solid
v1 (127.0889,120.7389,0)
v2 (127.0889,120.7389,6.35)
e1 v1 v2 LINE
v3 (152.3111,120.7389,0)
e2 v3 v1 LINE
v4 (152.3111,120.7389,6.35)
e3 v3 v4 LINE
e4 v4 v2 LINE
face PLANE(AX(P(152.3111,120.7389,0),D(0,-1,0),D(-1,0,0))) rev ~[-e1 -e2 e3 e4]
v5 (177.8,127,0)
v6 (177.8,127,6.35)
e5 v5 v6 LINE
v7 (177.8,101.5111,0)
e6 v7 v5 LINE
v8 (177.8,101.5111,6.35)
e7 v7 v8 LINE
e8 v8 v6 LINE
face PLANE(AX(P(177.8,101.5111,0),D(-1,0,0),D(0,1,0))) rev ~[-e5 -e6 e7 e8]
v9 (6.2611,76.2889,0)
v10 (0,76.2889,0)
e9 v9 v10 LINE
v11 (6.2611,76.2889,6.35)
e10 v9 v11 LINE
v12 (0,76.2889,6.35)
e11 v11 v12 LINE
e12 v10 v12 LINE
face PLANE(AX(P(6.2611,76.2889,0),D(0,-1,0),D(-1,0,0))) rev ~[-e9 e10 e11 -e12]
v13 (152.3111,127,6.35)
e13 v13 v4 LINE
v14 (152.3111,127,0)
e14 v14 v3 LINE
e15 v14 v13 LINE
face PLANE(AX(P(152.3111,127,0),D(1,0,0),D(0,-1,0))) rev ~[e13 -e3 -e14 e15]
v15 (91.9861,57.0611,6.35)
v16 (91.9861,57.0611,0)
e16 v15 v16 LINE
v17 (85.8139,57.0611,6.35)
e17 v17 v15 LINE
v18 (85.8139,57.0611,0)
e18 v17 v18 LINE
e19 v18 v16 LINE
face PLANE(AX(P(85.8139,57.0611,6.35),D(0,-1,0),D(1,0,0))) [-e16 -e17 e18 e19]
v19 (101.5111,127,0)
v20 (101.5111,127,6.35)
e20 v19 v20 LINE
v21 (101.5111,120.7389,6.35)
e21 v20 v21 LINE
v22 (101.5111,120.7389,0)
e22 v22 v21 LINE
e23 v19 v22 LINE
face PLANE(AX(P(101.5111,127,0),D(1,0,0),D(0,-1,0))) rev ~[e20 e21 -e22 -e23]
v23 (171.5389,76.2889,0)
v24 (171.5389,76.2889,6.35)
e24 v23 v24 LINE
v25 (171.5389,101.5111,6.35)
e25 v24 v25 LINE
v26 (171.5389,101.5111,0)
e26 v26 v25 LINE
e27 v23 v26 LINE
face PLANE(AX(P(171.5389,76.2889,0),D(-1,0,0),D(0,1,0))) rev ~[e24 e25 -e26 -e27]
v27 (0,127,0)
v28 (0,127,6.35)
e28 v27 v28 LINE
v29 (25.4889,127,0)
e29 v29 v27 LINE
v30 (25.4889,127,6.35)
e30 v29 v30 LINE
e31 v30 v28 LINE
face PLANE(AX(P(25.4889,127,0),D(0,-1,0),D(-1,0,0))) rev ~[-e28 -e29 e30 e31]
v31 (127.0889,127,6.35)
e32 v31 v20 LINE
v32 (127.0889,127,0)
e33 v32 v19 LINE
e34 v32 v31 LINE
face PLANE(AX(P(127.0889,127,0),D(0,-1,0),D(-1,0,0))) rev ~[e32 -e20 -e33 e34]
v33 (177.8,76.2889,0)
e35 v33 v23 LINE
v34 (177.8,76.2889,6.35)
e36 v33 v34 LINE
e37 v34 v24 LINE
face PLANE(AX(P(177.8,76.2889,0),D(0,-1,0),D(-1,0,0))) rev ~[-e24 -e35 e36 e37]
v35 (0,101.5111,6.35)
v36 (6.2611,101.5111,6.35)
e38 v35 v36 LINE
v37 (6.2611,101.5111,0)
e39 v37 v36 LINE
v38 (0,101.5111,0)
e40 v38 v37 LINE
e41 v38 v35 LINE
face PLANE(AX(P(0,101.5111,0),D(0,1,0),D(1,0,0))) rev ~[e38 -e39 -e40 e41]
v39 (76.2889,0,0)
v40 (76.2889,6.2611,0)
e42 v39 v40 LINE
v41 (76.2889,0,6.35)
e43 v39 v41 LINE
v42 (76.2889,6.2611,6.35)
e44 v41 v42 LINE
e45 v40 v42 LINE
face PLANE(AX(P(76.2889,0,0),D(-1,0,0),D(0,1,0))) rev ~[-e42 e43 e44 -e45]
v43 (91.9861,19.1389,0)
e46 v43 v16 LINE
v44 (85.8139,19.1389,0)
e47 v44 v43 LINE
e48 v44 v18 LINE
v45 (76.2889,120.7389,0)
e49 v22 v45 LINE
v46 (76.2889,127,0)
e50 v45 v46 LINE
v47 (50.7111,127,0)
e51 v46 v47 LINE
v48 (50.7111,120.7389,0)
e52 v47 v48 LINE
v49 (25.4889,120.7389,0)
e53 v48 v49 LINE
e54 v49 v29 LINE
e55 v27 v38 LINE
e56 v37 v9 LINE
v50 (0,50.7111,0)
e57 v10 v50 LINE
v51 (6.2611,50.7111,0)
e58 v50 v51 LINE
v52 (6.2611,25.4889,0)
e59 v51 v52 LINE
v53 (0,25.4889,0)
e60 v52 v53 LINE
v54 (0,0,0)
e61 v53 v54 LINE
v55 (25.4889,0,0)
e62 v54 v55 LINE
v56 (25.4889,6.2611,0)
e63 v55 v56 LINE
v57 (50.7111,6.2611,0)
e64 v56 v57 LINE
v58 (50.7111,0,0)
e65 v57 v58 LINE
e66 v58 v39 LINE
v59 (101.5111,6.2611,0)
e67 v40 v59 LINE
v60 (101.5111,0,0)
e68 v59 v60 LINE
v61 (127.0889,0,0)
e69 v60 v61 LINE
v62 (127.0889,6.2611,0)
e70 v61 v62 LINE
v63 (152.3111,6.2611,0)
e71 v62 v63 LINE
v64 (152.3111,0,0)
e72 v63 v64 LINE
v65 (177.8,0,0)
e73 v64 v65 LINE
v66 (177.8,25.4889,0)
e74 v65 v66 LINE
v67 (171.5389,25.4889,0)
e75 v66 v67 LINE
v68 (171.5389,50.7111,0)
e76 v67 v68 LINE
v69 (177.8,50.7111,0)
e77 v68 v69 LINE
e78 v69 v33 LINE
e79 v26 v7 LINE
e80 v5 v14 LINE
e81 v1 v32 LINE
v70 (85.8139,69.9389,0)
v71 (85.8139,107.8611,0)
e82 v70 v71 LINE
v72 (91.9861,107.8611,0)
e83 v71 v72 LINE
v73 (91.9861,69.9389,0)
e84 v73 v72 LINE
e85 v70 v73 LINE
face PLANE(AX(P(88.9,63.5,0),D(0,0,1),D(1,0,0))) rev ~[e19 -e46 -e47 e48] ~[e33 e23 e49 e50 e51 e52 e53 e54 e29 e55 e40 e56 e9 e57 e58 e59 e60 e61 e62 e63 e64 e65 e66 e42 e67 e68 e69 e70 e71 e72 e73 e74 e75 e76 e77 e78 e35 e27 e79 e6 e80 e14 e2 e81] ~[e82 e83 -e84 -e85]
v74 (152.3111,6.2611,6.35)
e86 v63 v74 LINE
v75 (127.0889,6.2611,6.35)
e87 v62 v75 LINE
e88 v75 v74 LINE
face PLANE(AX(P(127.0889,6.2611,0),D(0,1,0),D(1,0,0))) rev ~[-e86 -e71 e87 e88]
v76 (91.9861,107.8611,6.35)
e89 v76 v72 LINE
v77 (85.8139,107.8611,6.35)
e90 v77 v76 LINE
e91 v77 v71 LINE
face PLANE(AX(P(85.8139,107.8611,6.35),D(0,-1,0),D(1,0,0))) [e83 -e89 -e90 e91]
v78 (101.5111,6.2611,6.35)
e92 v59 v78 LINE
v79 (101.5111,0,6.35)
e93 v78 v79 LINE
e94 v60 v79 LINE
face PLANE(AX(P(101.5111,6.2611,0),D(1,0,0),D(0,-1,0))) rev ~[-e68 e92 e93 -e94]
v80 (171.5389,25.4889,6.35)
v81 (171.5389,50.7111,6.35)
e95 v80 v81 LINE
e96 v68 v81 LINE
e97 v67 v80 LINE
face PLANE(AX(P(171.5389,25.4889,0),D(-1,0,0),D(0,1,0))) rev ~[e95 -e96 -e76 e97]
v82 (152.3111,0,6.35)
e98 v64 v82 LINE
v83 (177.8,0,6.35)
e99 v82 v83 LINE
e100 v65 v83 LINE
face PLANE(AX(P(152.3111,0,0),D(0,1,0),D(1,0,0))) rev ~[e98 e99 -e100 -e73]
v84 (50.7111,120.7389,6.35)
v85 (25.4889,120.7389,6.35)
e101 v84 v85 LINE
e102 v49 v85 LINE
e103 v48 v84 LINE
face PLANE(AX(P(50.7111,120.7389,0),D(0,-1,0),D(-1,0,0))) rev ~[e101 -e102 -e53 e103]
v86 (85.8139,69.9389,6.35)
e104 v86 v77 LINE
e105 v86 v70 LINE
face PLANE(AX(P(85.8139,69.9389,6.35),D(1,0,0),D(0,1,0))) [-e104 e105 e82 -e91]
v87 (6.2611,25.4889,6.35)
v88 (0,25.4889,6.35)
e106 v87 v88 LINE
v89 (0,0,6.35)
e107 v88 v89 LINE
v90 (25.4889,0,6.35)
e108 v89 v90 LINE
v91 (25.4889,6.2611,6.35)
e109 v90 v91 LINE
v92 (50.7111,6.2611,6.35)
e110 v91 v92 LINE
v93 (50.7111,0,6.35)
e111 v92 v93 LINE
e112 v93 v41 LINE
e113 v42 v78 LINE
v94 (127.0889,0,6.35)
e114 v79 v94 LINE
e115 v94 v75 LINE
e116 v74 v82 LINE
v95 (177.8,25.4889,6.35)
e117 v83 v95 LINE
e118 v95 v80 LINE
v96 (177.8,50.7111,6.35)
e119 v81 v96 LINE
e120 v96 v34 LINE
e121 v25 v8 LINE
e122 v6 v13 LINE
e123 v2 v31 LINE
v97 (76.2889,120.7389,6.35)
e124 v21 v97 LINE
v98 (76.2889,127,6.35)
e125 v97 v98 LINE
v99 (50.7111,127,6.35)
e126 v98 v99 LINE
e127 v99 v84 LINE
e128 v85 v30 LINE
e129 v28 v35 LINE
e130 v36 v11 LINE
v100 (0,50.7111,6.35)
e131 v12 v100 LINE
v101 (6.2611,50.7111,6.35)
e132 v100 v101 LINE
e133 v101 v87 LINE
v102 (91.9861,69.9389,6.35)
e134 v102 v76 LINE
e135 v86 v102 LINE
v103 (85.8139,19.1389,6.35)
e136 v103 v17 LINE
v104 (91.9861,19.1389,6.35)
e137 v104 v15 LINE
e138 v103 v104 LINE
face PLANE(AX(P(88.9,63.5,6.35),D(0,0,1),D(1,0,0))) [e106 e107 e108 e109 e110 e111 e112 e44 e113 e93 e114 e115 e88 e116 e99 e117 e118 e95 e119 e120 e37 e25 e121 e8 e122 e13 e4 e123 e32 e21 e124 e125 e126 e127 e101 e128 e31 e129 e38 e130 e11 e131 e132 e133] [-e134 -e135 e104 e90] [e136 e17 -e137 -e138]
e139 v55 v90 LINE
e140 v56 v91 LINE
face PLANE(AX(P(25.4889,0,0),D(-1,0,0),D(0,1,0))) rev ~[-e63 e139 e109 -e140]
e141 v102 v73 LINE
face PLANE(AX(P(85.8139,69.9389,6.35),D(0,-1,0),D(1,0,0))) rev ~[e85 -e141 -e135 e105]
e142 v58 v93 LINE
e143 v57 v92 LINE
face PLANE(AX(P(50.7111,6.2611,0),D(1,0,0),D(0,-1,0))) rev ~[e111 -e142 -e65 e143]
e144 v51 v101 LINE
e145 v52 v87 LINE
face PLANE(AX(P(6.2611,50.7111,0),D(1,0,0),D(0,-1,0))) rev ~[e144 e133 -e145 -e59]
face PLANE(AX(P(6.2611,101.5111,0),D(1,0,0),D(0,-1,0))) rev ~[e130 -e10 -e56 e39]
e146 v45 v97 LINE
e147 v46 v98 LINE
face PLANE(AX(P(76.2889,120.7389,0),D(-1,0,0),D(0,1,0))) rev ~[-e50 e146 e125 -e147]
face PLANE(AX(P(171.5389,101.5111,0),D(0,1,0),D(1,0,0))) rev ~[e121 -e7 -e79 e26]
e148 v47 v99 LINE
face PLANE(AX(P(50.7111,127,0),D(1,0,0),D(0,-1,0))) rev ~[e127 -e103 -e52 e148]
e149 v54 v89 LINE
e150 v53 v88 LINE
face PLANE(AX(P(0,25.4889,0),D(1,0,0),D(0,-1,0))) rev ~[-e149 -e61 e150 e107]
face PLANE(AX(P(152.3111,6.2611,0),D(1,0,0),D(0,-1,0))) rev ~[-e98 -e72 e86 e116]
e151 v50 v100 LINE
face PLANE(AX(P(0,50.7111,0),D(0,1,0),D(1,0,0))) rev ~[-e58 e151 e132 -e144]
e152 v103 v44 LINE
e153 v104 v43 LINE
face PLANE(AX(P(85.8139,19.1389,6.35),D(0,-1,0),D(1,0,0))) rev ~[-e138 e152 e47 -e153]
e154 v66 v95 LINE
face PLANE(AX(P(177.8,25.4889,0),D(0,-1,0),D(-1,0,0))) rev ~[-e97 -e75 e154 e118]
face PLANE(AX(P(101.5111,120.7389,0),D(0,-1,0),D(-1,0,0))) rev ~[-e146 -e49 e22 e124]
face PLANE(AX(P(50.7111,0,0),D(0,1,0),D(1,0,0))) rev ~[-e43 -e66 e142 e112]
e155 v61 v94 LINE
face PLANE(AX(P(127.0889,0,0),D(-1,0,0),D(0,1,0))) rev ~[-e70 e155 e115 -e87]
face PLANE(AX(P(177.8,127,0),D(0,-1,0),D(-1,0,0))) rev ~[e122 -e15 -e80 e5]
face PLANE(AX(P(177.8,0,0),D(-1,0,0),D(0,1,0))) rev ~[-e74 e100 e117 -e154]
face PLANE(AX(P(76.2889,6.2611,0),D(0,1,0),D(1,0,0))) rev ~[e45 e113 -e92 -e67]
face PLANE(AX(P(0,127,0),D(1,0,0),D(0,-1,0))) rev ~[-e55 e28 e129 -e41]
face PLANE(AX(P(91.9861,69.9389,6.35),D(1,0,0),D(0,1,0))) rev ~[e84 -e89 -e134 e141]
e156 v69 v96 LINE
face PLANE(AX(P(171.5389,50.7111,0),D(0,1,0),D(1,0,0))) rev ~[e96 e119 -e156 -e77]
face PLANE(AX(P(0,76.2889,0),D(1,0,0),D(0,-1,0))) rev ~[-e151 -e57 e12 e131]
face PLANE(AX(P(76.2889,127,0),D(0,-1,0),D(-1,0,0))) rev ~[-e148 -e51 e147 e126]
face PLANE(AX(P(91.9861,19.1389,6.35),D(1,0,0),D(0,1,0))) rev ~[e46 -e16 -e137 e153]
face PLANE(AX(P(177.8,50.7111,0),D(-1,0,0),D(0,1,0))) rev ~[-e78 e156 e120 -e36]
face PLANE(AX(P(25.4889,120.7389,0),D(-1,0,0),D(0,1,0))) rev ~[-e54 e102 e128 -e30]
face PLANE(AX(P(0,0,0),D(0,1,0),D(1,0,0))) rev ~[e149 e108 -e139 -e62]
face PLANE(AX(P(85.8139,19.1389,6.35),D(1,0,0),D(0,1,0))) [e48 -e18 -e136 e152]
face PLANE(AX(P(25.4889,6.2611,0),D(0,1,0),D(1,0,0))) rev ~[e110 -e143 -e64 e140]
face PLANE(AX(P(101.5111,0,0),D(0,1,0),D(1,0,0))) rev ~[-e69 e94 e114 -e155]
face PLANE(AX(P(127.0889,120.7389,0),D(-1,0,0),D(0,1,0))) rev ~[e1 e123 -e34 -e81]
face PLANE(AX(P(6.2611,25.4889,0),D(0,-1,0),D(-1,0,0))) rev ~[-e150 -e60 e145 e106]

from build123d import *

# Parameters (mm, degrees)
F1_DEPTH = 6.35
F2_W     = 6.1722
F2_H     = 37.9222
F3_DEPTH = 6.351


with BuildPart() as f1:
    # F0 (on Top) → F1 (new body)
    with BuildSketch(Plane.XY):
        Polygon((0, 25.4889), (0, 0), (25.4889, 0), (25.4889, 6.2611), (50.7111, 6.2611), (50.7111, 0), (76.2889, 0), (76.2889, 6.2611), (101.5111, 6.2611), (101.5111, 0), (127.0889, 0), (127.0889, 6.2611), (152.3111, 6.2611), (152.3111, 0), (177.8, 0), (177.8, 25.4889), (171.5389, 25.4889), (171.5389, 50.7111), (177.8, 50.7111), (177.8, 76.2889), (171.5389, 76.2889), (171.5389, 101.5111), (177.8, 101.5111), (177.8, 127), (152.3111, 127), (152.3111, 120.7389), (127.0889, 120.7389), (127.0889, 127), (101.5111, 127), (101.5111, 120.7389), (76.2889, 120.7389), (76.2889, 127), (50.7111, 127), (50.7111, 120.7389), (25.4889, 120.7389), (25.4889, 127), (0, 127), (0, 101.5111), (6.2611, 101.5111), (6.2611, 76.2889), (0, 76.2889), (0, 50.7111), (6.2611, 50.7111), (6.2611, 25.4889), align=None)
    extrude(amount=F1_DEPTH)

    # F2 (on face) → F3 (cut, through all)
    with BuildSketch(Plane.XY.offset(6.35)):
        with Locations((88.9, 88.9)):
            Rectangle(F2_W, F2_H)
        with Locations((88.9, 38.1)):
            Rectangle(F2_W, F2_H)
    extrude(amount=-F3_DEPTH, mode=Mode.SUBTRACT)


solid = f1.part
